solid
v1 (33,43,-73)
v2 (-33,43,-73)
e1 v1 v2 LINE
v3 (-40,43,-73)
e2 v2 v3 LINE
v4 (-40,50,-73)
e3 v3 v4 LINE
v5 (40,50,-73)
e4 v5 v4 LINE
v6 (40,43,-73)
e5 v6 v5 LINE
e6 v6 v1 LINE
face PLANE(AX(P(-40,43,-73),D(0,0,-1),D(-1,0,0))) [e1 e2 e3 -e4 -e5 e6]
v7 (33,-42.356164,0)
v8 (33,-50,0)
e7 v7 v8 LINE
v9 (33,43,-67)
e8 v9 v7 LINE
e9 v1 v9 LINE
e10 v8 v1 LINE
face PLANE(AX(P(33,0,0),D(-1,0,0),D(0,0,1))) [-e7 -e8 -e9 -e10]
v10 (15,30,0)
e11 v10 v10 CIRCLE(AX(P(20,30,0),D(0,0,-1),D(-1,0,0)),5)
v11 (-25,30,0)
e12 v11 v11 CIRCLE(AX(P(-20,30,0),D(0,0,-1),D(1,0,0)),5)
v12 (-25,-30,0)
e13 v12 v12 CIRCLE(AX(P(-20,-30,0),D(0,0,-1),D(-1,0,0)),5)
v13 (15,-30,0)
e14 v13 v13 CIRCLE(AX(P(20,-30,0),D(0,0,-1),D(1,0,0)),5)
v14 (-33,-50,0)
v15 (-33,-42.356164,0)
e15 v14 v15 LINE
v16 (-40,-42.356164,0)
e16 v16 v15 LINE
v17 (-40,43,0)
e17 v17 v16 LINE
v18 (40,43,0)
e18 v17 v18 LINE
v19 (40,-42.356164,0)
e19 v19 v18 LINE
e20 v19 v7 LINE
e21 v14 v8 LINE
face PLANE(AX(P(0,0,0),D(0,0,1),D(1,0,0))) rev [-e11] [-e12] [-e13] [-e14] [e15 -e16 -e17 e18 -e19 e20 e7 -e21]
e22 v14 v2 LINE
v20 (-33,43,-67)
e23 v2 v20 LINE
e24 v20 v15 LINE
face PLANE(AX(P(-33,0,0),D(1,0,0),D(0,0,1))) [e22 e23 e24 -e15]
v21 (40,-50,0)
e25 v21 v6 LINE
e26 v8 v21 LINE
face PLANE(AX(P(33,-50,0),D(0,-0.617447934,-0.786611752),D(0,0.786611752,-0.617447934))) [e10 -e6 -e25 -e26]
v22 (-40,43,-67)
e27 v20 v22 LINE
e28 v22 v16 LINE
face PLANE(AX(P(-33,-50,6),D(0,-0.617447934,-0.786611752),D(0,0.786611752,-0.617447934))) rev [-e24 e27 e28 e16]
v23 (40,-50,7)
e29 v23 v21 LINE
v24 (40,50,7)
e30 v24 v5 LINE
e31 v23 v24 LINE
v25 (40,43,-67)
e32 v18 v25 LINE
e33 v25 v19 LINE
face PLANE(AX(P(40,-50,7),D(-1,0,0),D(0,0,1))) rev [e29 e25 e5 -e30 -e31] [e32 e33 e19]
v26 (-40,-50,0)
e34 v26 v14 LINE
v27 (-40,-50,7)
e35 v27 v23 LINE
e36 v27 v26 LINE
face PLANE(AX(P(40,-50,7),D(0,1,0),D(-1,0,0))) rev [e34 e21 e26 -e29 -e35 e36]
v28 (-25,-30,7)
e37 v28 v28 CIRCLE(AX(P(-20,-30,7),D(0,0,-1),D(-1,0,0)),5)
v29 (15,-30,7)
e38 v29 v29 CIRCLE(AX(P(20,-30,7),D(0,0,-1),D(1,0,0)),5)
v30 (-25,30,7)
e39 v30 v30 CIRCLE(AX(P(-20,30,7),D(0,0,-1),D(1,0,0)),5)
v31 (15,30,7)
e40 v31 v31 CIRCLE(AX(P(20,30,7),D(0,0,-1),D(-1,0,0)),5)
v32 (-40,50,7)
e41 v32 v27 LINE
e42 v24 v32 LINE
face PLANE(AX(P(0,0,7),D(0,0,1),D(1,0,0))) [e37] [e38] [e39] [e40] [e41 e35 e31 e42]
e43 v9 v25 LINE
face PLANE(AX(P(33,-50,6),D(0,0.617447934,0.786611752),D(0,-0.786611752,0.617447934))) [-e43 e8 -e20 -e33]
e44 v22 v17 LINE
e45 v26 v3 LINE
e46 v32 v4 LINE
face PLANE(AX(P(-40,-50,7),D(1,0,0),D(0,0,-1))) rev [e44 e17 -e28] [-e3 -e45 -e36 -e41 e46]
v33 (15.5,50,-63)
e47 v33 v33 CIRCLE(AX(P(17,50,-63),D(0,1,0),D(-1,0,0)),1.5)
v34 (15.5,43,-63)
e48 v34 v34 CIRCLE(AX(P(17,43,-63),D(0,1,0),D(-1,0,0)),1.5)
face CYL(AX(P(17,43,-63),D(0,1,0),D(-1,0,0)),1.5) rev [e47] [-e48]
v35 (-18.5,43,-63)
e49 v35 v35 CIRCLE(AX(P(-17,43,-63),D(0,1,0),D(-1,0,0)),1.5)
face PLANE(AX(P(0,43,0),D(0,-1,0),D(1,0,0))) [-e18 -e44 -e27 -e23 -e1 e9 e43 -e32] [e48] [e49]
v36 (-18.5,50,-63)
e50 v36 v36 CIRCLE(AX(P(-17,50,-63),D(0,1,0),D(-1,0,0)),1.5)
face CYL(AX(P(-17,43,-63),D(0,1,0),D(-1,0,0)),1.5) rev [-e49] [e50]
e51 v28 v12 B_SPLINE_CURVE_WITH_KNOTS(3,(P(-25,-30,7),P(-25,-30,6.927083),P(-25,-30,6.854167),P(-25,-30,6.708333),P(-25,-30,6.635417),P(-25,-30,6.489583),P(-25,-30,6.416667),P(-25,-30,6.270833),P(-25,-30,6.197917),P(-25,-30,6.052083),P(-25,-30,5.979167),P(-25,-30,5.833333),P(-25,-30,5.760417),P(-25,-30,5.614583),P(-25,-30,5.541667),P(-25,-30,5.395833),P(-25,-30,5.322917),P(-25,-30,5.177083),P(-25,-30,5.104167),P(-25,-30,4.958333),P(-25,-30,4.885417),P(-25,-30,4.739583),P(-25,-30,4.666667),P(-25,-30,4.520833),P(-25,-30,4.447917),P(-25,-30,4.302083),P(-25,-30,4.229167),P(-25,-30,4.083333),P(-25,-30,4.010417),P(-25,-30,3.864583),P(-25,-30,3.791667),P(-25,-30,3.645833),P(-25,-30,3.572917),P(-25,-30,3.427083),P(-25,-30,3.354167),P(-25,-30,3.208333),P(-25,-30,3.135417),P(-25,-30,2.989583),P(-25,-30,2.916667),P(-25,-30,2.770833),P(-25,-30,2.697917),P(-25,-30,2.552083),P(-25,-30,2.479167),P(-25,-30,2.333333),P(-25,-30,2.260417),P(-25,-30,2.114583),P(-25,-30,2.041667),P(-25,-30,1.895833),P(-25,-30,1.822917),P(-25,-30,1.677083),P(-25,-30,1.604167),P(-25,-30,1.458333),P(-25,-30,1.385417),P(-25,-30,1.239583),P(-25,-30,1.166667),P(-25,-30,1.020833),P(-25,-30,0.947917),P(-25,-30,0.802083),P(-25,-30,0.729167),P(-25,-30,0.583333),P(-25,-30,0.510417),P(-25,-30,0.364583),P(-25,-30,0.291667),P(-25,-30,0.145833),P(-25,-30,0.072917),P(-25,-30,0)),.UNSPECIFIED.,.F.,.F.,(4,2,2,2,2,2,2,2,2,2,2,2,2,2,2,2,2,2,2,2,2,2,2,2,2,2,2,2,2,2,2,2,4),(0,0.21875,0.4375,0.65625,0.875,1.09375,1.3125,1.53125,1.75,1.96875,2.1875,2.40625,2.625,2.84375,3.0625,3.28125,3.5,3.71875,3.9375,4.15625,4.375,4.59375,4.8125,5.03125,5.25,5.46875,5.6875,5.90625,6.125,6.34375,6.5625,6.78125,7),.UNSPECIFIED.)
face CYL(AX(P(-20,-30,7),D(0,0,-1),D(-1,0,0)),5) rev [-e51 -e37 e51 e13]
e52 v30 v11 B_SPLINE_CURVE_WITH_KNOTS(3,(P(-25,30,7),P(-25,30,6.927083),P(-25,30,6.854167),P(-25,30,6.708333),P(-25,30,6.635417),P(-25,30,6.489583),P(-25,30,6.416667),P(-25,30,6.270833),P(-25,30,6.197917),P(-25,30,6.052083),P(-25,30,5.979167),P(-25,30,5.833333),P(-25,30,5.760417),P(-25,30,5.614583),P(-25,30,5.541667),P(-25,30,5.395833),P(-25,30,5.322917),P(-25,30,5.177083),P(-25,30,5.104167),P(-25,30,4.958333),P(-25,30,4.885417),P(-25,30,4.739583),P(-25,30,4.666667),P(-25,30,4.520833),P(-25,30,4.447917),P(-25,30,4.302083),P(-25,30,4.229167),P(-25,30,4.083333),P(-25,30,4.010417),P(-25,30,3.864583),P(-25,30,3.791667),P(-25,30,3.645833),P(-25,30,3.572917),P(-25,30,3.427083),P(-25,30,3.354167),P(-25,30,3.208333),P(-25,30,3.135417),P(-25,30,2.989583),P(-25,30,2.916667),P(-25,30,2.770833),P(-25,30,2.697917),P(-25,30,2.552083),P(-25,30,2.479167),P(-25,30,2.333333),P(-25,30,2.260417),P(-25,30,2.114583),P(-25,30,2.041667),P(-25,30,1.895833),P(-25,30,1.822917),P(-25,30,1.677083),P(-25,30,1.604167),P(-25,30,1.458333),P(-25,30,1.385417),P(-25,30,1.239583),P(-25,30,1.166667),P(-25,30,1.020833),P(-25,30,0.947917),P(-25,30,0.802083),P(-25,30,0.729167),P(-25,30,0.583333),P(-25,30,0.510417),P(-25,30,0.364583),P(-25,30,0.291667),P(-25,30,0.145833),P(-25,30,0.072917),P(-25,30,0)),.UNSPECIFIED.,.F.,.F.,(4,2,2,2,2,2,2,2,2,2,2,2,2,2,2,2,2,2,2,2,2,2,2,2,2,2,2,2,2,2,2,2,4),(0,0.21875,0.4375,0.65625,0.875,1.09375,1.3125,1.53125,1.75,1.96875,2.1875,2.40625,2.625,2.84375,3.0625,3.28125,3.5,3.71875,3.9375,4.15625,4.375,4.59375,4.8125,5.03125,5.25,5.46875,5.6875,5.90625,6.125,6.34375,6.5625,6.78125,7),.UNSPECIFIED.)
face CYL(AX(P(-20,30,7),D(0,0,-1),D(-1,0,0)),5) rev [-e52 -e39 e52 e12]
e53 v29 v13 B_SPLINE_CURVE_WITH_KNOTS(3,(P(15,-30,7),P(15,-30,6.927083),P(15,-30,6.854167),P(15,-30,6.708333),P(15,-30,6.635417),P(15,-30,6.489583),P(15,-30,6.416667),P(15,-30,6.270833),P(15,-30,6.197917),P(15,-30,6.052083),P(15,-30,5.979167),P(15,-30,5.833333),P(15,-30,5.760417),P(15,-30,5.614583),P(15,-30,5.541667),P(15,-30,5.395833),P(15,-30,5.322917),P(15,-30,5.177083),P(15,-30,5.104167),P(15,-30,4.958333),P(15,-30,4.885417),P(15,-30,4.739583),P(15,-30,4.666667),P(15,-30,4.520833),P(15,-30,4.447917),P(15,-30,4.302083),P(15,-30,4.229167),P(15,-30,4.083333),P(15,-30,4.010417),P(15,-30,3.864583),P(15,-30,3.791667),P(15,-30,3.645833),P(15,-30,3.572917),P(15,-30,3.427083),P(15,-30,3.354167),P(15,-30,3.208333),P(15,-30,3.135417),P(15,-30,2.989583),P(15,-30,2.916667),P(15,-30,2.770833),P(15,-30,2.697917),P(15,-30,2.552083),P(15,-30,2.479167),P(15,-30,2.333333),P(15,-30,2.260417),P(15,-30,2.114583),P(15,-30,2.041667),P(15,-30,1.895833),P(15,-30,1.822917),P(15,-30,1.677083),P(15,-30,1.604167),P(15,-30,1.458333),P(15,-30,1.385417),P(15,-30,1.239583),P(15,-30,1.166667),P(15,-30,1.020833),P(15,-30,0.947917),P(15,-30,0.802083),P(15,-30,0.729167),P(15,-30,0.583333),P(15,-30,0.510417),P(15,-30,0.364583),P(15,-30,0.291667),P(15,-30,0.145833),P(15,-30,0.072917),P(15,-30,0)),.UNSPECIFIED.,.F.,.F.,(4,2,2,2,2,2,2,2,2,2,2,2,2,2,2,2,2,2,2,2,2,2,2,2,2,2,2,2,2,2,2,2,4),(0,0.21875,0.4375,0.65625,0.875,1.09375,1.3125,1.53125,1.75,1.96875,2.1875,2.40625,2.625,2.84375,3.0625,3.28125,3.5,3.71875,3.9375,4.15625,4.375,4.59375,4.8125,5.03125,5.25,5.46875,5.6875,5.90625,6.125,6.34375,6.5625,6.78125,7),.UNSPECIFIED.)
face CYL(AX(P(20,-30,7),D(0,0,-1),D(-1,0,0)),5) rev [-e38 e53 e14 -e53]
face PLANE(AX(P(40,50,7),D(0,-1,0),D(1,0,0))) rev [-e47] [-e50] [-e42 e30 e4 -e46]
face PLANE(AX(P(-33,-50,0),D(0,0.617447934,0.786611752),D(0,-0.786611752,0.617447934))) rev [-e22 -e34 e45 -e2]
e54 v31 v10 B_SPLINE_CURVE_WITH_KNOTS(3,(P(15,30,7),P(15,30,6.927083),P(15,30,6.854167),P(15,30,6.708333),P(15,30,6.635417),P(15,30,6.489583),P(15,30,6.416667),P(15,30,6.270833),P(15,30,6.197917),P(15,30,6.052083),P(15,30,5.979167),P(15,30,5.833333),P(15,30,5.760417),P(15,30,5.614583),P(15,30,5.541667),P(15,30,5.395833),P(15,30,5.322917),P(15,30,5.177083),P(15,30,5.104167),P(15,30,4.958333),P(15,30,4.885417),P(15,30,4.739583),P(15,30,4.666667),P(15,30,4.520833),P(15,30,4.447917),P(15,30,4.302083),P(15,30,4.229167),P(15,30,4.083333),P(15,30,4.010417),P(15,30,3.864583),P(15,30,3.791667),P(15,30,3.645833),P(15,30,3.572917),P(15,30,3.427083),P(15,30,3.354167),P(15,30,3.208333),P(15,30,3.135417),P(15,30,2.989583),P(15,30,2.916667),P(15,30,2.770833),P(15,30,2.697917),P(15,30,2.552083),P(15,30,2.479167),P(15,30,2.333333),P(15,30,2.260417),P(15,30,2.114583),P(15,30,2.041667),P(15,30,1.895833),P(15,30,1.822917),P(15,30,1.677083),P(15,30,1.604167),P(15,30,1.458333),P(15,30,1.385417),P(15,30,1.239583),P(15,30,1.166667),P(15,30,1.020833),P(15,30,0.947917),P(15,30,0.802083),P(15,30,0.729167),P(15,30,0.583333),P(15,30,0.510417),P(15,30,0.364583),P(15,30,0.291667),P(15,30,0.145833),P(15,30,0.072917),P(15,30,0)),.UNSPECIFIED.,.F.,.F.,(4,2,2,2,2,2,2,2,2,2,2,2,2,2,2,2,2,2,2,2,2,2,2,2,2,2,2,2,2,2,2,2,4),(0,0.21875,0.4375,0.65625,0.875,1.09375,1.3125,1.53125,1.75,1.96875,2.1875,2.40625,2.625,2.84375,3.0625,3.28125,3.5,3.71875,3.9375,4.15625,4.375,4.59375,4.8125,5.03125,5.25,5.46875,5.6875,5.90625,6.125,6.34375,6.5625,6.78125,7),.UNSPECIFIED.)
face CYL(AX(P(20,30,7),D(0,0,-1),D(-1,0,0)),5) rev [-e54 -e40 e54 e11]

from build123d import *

# Parameters (mm, degrees)
SKETCH1_W           = 80
SKETCH1_H           = 100
BOSS_EXTRUDE1_DEPTH = 7
SKETCH2_R           = 5
CUT_EXTRUDE1_DEPTH  = 7
SKETCH4_W           = 80
SKETCH4_H           = 80
BOSS_EXTRUDE2_DEPTH = 7
BOSS_EXTRUDE4_DEPTH = 7
SKETCH6_R           = 1.5
CUT_EXTRUDE2_DEPTH  = 7


with BuildPart() as part:
    # Sketch1 → Boss-Extrude1 (new body)
    with BuildSketch(Plane.XY):
        Rectangle(SKETCH1_W, SKETCH1_H)
    extrude(amount=BOSS_EXTRUDE1_DEPTH)

    # Sketch2 → Cut-Extrude1 (cut)
    with BuildSketch(Plane(origin=(0, 0, 0), x_dir=(-1, 0, 0), z_dir=(0, 0, -1))):
        with Locations((-20, 30)):
            Circle(SKETCH2_R)
        with Locations((20, 30)):
            Circle(SKETCH2_R)
        with Locations((20, -30)):
            Circle(SKETCH2_R)
        with Locations((-20, -30)):
            Circle(SKETCH2_R)
    extrude(amount=-CUT_EXTRUDE1_DEPTH, mode=Mode.SUBTRACT)

    # Sketch4 → Boss-Extrude2 (add)
    with BuildSketch(Plane(origin=(0, 50, 0), x_dir=(1, 0, 0), z_dir=(0, 1, 0))):
        with Locations((0, 33)):
            Rectangle(SKETCH4_W, SKETCH4_H)
    extrude(amount=-BOSS_EXTRUDE2_DEPTH)

    # Sketch5 → Boss-Extrude4 (add)
    with BuildSketch(Plane(origin=(40, 0, 0), x_dir=(0, 0, -1), z_dir=(1, 0, 0))):
        Polygon((0, -50), (73, 43), (67, 43), (-6, -50), align=None)
    boss_extrude4 = extrude(amount=-BOSS_EXTRUDE4_DEPTH)

    # Mirror3: Boss-Extrude4 across plane
    add(boss_extrude4.mirror(Plane(origin=(0, 0, 0), x_dir=(0, 0, 1), z_dir=(1, 0, 0))))

    # Sketch6 → Cut-Extrude2 (cut)
    with BuildSketch(Plane(origin=(0, 50, 0), x_dir=(1, 0, 0), z_dir=(0, 1, 0))):
        with Locations(Location((-17, 63, 0), (0, 0, 180))):
            Circle(SKETCH6_R)
        with Locations(Location((17, 63, 0), (0, 0, 180))):
            Circle(SKETCH6_R)
    extrude(amount=-CUT_EXTRUDE2_DEPTH, mode=Mode.SUBTRACT)


solid = part.part
